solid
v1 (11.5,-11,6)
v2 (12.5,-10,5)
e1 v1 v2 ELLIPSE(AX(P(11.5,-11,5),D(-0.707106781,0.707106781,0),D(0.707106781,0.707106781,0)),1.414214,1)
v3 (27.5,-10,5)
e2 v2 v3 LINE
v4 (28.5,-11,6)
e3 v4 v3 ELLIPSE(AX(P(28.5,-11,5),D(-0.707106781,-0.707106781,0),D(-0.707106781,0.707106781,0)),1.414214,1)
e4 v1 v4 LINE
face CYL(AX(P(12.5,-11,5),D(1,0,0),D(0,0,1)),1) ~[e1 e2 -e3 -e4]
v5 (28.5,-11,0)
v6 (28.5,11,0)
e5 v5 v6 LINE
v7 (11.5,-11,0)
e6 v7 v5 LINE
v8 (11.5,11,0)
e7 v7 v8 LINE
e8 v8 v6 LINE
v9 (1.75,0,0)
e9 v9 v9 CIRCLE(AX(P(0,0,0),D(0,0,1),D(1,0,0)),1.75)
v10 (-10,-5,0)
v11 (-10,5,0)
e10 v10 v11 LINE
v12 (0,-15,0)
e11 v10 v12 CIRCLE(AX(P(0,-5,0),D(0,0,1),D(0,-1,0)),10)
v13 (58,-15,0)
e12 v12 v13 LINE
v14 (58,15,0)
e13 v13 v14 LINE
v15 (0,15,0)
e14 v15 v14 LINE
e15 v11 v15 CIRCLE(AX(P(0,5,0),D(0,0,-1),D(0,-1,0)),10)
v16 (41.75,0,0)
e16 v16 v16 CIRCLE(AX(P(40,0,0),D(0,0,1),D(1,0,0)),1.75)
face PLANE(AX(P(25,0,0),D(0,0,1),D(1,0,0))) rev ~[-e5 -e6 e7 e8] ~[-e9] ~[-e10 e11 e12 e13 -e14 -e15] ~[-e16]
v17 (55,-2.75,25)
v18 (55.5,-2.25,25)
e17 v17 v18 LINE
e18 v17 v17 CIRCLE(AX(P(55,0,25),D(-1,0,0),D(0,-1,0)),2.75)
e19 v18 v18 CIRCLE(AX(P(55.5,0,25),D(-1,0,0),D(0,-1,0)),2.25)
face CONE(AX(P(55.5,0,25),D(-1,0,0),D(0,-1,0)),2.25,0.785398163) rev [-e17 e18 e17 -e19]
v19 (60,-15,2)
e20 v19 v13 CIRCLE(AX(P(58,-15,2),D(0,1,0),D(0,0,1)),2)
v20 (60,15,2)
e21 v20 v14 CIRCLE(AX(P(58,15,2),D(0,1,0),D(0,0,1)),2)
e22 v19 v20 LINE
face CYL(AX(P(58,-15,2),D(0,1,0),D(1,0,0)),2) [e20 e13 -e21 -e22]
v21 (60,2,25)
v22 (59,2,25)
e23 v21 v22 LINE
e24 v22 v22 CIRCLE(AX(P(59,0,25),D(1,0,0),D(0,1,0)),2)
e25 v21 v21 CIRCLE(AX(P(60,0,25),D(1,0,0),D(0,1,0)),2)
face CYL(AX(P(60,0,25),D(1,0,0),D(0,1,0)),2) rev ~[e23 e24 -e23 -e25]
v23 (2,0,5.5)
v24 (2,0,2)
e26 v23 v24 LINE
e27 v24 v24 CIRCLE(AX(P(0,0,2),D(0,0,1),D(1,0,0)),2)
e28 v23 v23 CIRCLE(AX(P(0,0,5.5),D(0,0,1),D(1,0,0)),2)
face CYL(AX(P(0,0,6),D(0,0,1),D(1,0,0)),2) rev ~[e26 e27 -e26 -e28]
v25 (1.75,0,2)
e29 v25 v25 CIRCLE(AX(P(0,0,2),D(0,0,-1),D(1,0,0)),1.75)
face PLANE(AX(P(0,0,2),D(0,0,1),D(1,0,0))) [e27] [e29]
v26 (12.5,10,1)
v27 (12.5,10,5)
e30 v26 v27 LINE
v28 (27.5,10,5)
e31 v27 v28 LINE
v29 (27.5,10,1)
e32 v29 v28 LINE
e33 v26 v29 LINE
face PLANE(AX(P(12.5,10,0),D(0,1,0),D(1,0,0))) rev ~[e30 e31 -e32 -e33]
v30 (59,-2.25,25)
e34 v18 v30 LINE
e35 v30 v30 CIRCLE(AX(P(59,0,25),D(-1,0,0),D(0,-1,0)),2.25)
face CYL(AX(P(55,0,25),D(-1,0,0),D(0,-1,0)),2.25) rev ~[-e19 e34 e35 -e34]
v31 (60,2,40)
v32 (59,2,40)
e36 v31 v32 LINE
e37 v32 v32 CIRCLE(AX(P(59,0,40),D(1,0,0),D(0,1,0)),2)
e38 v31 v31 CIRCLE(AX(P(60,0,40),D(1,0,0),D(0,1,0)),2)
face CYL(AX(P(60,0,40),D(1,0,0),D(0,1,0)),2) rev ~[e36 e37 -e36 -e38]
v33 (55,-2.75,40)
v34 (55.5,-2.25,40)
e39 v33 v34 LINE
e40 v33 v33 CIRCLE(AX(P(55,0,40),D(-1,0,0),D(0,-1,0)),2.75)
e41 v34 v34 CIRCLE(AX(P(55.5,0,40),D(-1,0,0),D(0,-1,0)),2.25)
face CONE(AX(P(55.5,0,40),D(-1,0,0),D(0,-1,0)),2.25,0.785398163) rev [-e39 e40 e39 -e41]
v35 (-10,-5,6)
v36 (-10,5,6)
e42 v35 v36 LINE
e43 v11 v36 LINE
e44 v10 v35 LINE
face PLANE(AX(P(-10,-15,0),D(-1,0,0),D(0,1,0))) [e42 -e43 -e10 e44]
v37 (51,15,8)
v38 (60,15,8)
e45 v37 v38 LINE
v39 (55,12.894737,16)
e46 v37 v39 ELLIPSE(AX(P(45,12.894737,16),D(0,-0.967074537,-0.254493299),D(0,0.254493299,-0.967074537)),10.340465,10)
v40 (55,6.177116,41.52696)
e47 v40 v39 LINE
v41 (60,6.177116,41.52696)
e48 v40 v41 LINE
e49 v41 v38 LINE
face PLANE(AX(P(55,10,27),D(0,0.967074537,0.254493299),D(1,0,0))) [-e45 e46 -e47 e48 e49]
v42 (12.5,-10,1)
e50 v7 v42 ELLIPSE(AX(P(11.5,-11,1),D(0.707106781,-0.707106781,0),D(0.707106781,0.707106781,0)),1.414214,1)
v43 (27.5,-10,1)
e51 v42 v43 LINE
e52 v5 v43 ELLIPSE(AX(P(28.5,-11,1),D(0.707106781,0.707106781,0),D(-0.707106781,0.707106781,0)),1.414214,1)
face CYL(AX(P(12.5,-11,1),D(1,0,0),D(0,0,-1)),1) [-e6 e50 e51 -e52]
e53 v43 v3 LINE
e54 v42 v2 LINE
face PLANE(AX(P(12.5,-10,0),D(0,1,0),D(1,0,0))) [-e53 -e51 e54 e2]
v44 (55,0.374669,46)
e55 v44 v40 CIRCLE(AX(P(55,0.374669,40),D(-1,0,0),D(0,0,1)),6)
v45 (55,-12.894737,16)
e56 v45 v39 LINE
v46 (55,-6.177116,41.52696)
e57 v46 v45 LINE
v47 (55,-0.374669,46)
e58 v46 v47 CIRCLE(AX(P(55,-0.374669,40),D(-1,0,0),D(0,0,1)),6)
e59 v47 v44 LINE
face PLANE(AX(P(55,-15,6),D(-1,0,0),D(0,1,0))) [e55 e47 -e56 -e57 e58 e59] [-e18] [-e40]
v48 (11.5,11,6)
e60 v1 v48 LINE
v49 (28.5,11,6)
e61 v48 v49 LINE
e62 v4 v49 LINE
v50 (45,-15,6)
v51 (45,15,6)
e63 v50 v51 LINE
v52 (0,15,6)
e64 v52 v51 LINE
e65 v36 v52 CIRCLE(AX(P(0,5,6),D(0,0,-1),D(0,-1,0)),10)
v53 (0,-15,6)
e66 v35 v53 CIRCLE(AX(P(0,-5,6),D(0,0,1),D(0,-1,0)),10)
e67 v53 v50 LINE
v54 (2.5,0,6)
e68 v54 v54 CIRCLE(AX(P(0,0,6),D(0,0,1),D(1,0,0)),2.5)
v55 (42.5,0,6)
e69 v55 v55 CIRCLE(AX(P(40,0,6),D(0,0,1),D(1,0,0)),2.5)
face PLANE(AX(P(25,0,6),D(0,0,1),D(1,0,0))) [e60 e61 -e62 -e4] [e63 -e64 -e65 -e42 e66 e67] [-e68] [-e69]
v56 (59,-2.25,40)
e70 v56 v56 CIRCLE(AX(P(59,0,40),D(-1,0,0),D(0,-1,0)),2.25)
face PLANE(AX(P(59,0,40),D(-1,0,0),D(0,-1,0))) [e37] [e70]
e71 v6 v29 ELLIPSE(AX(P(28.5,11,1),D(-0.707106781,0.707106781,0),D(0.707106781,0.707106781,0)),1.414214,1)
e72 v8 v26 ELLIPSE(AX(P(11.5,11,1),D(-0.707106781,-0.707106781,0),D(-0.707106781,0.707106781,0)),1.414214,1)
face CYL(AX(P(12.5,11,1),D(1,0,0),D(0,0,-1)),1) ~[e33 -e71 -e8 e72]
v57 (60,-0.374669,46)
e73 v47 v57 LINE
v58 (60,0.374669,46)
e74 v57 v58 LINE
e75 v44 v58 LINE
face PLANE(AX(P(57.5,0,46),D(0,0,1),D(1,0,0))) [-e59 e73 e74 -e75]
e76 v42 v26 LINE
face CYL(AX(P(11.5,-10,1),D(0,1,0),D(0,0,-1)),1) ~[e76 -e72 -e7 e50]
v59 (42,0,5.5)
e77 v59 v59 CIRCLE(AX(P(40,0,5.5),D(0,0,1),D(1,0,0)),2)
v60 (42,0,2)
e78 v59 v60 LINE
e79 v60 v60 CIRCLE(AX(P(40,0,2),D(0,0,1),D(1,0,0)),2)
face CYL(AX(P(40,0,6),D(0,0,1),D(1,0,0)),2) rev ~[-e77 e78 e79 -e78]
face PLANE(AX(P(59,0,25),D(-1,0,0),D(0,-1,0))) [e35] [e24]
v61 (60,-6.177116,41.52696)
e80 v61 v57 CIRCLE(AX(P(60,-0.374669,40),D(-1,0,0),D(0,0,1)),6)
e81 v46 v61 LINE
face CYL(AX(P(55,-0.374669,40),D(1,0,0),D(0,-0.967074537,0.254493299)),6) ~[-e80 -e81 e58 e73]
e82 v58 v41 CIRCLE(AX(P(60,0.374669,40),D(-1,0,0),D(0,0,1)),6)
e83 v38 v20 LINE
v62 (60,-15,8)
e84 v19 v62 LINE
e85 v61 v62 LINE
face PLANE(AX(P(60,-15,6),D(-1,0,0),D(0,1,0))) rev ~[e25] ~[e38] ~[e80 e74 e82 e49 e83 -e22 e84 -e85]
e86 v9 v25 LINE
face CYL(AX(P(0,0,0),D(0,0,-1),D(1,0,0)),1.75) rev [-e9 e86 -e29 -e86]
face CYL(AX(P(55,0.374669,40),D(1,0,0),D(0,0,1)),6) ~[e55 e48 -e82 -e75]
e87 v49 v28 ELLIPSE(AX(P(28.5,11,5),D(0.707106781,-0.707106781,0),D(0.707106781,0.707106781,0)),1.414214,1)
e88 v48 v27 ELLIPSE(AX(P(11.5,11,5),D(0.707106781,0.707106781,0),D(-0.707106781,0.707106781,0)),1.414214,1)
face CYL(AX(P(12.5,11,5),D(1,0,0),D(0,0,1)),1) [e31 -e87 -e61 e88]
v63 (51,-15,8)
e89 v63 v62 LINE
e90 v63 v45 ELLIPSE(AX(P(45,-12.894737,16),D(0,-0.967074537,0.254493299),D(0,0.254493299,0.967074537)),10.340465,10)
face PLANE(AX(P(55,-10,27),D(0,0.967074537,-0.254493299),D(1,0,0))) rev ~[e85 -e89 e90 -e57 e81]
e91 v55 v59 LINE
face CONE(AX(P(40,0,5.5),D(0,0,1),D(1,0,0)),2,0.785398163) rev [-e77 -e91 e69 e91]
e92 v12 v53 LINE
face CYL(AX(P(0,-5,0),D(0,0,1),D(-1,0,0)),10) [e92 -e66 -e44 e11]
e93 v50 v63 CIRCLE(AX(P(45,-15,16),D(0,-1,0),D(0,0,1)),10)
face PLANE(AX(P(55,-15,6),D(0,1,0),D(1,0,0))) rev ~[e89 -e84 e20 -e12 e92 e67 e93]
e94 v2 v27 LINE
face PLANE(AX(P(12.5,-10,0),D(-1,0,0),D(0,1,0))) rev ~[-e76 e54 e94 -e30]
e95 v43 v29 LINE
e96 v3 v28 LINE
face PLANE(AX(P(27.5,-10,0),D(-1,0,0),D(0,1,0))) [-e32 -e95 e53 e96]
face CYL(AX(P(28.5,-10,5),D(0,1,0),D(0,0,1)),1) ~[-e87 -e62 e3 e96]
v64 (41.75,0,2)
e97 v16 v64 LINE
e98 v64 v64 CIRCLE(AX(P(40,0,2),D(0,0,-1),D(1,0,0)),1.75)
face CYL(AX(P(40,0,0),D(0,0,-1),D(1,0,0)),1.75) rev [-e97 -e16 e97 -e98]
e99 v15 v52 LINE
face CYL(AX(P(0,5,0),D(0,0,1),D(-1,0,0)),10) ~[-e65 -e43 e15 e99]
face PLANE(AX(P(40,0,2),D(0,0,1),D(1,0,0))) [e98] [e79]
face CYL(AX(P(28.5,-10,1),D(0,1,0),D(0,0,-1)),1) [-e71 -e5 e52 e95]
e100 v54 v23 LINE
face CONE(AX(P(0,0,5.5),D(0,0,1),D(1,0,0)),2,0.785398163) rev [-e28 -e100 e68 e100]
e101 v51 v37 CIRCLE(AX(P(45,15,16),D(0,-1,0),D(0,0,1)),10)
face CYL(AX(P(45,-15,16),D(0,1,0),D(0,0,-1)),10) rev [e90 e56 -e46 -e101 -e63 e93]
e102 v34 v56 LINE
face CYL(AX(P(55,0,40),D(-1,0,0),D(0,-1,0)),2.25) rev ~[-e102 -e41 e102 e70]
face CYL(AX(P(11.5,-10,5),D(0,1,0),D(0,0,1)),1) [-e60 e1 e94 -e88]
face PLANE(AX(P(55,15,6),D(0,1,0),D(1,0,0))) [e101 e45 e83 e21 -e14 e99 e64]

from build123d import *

# Parameters (mm, degrees)
SKETCH_W        = 70
SKETCH_H        = 30
SKETCH_R        = 1.75
SKETCH_W_2      = 15
SKETCH_H_2      = 20
PAD_DEPTH       = 6
FILLET_R        = 10
FILLET001_R     = 1
SKETCH001_W     = 5
SKETCH001_H     = 30
PAD001_DEPTH    = 40
CHAMFER_SIZE2   = 38
CHAMFER_SIZE    = 10
SKETCH002_R     = 2
POCKET_DEPTH    = 4
CHAMFER001_SIZE = 0.5
FILLET002_R     = 10
FILLET003_R     = 2
FILLET004_R     = 6
SKETCH003_R     = 2
POCKET001_DEPTH = 70.001
SKETCH004_R     = 2.25
POCKET002_DEPTH = 4
CHAMFER002_SIZE = 0.5


with BuildPart() as part:
    # Sketch → Pad (new body)
    with BuildSketch(Plane.XY):
        with Locations((25, 0)):
            Rectangle(SKETCH_W, SKETCH_H)
        Circle(SKETCH_R, mode=Mode.SUBTRACT)
        with Locations((40, 0)):
            Circle(SKETCH_R, mode=Mode.SUBTRACT)
        with Locations((20, 0)):
            Rectangle(SKETCH_W_2, SKETCH_H_2, mode=Mode.SUBTRACT)
    extrude(amount=PAD_DEPTH)

    # Fillet
    fillet_edges = [part.edges().sort_by_distance(p)[0] for p in [
        (-10, 15, 3),
        (-10, -15, 3),
    ]]
    fillet(fillet_edges, radius=FILLET_R)

    # Fillet001
    fillet001_edges = [part.edges().sort_by_distance(p)[0] for p in [
        (12.5, 0, 6),
        (12.5, 0, 0),
        (20, 10, 0),
        (20, 10, 6),
        (27.5, 0, 6),
        (20, -10, 6),
        (27.5, 0, 0),
        (20, -10, 0),
    ]]
    fillet(fillet001_edges, radius=FILLET001_R)

    # Sketch001 (on Face18 of Fillet001) → Pad001 (join)
    with BuildSketch(Plane.XY.offset(6)):
        with Locations((57.5, 0)):
            Rectangle(SKETCH001_W, SKETCH001_H)
    extrude(amount=PAD001_DEPTH)

    # Chamfer
    chamfer_edges = [part.edges().sort_by_distance(p)[0] for p in [
        (57.5, -15, 46),
        (57.5, 15, 46),
    ]]
    chamfer_side = part.faces().sort_by_distance((57.5, 0, 46))[0]
    chamfer(chamfer_edges, length=CHAMFER_SIZE, length2=CHAMFER_SIZE2, reference=chamfer_side)

    # Sketch002 (on Face4 of Chamfer) → Pocket (cut)
    with BuildSketch(Plane.XY.offset(6)):
        Circle(SKETCH002_R)
        with Locations((40, 0)):
            Circle(SKETCH002_R)
    extrude(amount=-POCKET_DEPTH, mode=Mode.SUBTRACT)

    # Chamfer001
    chamfer001_edges = [part.edges().sort_by_distance(p)[0] for p in [
        (-2, 0, 6),
        (38, 0, 6),
    ]]
    chamfer(chamfer001_edges, length=CHAMFER001_SIZE)

    # Fillet002
    fillet002_edges = [part.edges().sort_by_distance(p)[0] for p in [
        (55, 0, 6),
    ]]
    fillet(fillet002_edges, radius=FILLET002_R)

    # Fillet003
    fillet003_edges = [part.edges().sort_by_distance(p)[0] for p in [
        (60, 0, 0),
    ]]
    fillet(fillet003_edges, radius=FILLET003_R)

    # Fillet004
    fillet004_edges = [part.edges().sort_by_distance(p)[0] for p in [
        (57.5, -5, 46),
        (57.5, 5, 46),
    ]]
    fillet(fillet004_edges, radius=FILLET004_R)

    # Sketch003 (on Face2 of Fillet003) → Pocket001 (cut, through all)
    with BuildSketch(Plane.YZ.offset(60)):
        with Locations((0, 40)):
            Circle(SKETCH003_R)
        with Locations((0, 25)):
            Circle(SKETCH003_R)
    extrude(amount=-POCKET001_DEPTH, mode=Mode.SUBTRACT)

    # Sketch004 (on Face12 of Pocket001) → Pocket002 (cut)
    with BuildSketch(Plane(origin=(55, 0, 0), x_dir=(0, -1, 0), z_dir=(-1, 0, 0))):
        with Locations((0, 40)):
            Circle(SKETCH004_R)
        with Locations((0, 25)):
            Circle(SKETCH004_R)
    extrude(amount=-POCKET002_DEPTH, mode=Mode.SUBTRACT)

    # Chamfer002
    chamfer002_edges = [part.edges().sort_by_distance(p)[0] for p in [
        (55, 2.25, 40),
        (55, 2.25, 25),
    ]]
    chamfer(chamfer002_edges, length=CHAMFER002_SIZE)


solid = part.part
